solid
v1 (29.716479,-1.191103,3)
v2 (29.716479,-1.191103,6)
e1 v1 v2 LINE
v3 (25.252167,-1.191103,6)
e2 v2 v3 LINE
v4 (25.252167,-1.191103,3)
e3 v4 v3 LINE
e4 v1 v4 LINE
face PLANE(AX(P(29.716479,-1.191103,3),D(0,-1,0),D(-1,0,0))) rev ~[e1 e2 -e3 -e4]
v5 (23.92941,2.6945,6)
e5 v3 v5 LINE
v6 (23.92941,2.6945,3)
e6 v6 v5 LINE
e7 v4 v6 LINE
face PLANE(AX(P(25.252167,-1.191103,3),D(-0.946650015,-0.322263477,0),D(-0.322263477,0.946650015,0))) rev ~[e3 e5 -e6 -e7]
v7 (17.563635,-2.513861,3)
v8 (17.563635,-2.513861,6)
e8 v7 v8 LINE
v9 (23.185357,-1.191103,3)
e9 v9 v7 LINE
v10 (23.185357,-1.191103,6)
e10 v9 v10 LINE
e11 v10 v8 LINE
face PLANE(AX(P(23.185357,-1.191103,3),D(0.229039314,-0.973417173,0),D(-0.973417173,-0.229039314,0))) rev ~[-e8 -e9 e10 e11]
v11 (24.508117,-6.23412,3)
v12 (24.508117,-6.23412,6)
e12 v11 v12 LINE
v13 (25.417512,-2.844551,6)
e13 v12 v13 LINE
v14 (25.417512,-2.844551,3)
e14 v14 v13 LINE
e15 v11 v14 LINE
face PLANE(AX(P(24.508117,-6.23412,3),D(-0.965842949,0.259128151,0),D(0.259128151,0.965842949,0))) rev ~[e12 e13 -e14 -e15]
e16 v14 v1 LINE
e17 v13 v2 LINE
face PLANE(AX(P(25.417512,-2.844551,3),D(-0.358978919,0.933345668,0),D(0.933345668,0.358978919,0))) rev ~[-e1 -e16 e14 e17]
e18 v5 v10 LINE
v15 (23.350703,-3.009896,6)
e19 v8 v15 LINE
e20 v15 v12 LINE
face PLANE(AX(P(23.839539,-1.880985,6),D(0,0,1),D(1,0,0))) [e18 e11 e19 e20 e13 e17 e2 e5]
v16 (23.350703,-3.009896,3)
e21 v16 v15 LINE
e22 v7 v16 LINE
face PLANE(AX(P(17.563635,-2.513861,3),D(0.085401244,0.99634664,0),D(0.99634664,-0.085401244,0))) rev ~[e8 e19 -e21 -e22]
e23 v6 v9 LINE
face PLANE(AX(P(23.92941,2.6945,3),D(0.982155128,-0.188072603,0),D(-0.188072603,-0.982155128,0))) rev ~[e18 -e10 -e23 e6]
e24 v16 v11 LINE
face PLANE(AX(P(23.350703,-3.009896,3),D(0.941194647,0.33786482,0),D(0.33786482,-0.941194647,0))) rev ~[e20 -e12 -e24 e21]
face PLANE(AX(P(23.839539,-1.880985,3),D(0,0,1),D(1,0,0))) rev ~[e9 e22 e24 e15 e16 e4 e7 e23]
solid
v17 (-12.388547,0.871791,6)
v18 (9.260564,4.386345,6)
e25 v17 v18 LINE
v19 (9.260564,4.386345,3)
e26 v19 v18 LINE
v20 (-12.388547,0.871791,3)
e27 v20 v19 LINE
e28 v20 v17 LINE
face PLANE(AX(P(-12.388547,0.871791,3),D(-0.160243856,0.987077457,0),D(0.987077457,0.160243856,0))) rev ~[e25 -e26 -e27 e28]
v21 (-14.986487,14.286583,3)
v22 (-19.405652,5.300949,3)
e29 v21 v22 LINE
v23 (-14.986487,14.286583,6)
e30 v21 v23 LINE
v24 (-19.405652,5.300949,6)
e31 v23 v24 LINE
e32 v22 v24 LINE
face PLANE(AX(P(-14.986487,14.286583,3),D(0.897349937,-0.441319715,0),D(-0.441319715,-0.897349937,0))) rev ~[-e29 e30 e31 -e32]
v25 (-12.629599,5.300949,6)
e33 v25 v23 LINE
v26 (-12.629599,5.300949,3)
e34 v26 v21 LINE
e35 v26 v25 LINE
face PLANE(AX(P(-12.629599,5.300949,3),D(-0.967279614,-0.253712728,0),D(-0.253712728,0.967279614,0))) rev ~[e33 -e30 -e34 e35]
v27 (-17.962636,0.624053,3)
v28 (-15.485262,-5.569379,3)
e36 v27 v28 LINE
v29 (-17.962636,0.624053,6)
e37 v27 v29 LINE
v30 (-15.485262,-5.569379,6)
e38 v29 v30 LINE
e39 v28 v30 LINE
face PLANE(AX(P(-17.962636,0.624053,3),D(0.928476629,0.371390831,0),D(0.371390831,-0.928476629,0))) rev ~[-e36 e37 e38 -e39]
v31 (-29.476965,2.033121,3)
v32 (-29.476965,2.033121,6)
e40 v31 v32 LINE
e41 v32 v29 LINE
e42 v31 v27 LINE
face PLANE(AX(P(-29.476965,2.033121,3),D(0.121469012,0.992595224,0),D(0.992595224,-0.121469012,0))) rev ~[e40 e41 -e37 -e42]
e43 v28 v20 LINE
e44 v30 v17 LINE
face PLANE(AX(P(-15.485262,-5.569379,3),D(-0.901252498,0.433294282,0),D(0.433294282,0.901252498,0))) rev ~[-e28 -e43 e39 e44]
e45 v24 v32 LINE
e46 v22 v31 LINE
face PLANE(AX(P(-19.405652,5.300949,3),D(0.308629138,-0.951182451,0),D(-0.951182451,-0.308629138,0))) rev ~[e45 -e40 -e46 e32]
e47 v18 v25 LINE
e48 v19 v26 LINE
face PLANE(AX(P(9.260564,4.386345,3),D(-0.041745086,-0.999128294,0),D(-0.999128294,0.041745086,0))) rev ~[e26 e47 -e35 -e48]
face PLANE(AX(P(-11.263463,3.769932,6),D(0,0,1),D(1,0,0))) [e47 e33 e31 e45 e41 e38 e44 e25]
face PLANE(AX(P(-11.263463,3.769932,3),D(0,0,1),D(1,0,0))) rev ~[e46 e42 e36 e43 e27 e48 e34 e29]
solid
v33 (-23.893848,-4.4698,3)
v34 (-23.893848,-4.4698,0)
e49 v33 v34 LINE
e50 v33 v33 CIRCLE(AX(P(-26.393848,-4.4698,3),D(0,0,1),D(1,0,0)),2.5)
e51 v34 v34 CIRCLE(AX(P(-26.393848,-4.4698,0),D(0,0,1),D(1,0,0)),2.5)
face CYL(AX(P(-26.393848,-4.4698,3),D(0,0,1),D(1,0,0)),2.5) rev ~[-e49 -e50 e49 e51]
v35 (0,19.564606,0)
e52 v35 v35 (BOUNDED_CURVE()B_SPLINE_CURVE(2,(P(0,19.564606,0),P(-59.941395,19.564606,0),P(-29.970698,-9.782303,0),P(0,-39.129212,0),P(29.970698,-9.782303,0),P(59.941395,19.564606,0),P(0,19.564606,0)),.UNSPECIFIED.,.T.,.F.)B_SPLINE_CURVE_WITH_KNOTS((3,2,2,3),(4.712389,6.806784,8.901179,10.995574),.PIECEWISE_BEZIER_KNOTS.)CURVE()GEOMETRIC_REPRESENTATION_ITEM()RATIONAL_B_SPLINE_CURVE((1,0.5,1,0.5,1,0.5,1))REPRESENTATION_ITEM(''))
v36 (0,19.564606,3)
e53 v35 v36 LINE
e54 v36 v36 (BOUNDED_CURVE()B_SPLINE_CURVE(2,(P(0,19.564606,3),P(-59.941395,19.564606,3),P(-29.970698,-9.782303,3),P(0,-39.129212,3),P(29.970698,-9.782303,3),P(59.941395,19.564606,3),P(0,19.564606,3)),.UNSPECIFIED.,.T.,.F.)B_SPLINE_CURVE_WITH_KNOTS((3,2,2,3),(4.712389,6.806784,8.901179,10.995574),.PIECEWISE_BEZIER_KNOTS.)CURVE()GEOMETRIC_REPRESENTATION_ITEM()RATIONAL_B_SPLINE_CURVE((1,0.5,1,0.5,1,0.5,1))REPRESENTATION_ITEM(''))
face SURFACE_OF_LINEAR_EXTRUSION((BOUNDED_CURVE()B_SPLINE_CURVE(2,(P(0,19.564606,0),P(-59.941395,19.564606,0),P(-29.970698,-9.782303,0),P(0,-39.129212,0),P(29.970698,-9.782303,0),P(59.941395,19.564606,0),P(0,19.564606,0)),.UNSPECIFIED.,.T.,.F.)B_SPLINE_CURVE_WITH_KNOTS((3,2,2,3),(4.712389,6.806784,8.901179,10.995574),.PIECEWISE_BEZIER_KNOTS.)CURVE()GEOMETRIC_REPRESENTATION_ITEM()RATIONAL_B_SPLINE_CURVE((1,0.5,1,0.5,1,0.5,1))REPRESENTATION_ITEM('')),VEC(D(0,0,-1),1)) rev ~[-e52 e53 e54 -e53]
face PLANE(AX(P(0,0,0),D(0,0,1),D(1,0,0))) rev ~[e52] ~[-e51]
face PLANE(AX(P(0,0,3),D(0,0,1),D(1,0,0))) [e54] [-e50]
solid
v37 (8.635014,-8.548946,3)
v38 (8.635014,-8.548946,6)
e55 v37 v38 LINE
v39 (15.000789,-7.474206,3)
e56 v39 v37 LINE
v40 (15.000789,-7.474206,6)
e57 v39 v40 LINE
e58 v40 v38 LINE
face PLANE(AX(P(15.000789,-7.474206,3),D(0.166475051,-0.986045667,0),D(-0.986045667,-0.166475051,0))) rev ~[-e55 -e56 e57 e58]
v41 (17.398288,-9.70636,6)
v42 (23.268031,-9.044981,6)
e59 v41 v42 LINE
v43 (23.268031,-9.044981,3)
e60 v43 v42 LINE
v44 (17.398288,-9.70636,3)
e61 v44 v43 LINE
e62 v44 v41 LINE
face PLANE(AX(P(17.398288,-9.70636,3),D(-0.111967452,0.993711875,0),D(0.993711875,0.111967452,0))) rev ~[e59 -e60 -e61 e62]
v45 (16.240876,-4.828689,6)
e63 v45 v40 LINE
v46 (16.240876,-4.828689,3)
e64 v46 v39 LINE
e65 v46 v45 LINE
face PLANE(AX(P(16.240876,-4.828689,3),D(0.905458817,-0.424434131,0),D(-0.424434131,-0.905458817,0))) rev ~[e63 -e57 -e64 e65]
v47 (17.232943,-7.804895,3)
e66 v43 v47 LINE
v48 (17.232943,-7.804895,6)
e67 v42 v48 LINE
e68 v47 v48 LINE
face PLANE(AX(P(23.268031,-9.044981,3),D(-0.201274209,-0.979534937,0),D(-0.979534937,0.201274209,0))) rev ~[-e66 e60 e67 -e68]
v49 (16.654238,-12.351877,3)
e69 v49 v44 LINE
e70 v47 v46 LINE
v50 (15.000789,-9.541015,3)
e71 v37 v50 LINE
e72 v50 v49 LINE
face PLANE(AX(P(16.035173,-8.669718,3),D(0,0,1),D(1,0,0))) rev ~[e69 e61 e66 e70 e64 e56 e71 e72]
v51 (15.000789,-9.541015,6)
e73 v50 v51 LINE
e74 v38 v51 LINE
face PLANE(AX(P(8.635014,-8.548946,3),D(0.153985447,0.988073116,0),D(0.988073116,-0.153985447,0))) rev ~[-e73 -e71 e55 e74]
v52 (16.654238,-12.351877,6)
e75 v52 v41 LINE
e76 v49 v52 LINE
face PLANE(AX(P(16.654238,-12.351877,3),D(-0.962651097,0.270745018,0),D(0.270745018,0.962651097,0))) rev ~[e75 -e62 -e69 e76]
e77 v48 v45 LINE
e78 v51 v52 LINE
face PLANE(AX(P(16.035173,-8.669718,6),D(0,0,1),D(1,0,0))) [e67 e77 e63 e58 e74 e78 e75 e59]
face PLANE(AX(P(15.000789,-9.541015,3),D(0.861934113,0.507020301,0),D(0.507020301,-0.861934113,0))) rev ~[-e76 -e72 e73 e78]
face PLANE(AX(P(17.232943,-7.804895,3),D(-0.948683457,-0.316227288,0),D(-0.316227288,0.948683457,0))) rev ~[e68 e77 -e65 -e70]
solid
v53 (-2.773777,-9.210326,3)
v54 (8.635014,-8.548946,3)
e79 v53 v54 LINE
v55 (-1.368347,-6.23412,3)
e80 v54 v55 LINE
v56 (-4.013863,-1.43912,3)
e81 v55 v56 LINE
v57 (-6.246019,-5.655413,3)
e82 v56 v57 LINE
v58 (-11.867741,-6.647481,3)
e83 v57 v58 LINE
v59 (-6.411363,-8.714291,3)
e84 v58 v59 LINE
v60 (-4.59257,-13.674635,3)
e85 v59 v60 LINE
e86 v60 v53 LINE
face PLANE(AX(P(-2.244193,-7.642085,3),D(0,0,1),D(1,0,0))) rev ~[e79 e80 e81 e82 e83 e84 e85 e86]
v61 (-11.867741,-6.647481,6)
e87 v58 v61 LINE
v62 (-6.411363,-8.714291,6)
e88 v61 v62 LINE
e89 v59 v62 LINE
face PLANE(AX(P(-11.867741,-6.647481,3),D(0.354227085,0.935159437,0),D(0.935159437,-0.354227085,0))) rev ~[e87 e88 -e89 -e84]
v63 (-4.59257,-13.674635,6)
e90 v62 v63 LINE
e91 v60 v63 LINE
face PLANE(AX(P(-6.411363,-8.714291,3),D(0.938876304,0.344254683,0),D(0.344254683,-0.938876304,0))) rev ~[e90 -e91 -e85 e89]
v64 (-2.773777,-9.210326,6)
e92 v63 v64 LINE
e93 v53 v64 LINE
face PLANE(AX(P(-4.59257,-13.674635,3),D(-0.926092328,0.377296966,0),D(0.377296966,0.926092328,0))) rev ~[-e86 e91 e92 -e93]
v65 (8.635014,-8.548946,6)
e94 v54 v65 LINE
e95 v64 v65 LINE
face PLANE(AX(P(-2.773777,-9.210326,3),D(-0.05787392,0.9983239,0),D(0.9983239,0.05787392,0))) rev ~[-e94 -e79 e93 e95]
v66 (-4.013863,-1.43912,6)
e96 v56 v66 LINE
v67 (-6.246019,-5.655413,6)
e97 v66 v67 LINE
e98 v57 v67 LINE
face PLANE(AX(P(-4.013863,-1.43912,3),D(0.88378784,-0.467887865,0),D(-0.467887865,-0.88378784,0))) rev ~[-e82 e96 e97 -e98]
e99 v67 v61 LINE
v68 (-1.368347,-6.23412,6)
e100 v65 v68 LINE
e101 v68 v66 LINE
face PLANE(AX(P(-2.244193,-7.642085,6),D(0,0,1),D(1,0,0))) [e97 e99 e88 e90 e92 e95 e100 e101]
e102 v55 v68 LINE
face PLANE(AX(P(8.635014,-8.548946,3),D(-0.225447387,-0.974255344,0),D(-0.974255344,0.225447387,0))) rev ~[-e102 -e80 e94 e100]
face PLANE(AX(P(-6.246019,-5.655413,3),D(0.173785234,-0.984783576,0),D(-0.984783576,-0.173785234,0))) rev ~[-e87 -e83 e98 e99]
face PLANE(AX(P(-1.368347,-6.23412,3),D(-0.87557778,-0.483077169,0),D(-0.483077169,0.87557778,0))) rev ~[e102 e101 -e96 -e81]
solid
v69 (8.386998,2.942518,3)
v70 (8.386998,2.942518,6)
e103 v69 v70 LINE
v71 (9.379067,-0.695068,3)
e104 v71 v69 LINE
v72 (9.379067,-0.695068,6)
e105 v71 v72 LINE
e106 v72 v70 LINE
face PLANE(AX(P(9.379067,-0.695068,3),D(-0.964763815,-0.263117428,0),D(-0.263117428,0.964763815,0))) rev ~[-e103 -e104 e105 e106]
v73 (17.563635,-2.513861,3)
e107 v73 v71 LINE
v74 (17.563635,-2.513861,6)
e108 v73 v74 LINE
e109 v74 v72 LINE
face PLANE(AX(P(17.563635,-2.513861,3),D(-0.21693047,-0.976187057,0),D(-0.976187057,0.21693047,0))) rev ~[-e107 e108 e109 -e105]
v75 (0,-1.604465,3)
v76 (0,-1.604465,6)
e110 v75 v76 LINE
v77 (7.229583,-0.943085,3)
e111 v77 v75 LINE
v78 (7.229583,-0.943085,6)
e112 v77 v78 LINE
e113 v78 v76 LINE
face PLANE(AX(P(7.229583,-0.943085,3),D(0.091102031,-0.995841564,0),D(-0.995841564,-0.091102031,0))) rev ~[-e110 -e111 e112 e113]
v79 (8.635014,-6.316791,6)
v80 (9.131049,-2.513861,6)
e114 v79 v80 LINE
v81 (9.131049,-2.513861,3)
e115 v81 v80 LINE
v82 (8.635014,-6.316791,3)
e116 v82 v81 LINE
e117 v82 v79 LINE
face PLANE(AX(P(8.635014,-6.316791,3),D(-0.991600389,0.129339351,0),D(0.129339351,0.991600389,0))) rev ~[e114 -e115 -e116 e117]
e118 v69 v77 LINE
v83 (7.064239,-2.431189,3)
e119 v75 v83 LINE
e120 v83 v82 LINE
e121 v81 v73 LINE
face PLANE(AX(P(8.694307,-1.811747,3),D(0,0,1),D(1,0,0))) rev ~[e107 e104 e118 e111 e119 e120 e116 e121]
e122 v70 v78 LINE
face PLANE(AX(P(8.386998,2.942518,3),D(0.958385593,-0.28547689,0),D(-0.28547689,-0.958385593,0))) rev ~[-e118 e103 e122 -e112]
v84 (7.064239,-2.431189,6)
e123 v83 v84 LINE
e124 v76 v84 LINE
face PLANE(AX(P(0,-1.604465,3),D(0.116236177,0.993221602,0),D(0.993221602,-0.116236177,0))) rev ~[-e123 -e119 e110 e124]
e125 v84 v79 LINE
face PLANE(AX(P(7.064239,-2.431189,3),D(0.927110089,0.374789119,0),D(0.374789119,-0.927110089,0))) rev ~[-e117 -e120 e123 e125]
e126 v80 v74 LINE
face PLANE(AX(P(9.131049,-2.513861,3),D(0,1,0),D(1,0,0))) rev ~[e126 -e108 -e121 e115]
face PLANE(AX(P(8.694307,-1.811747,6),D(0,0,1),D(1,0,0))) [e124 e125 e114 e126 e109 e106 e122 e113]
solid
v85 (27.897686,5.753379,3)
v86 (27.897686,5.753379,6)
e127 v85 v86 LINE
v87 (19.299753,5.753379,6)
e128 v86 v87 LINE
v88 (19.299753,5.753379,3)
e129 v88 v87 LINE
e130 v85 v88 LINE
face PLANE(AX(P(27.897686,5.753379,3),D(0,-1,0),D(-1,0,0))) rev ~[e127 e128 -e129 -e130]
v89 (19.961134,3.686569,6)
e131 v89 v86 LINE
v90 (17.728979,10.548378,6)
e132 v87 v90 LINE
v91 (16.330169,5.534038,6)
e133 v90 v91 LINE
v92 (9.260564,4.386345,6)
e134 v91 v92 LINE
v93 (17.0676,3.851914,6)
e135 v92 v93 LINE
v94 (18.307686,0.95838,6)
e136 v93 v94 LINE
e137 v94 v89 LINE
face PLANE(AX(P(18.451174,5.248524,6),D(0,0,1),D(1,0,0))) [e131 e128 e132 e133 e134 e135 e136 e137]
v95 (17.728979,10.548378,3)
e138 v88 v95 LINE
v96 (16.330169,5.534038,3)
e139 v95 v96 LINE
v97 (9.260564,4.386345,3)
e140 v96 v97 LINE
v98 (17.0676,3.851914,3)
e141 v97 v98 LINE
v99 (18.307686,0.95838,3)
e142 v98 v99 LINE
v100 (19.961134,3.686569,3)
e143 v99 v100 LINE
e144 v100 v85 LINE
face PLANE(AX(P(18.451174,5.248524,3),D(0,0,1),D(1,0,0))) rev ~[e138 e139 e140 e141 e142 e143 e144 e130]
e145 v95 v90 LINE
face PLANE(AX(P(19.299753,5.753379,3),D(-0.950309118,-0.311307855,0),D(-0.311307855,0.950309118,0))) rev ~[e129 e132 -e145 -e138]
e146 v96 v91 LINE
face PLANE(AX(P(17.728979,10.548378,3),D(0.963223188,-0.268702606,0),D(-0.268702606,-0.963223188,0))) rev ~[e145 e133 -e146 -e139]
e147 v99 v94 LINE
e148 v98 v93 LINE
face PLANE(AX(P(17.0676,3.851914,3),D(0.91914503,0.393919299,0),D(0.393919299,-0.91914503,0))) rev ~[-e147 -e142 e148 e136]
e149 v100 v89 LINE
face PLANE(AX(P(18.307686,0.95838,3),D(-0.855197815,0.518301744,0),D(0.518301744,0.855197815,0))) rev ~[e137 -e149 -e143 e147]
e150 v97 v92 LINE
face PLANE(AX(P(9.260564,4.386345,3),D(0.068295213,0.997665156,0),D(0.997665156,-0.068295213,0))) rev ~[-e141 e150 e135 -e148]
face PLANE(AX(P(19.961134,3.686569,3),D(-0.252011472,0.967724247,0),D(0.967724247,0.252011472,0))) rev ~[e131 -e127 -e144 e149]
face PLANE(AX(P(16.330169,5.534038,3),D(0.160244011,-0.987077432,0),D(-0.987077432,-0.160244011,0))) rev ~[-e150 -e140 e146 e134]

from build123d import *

# Parameters (mm, degrees)
F1_DEPTH = 3
F3_DEPTH = 3
F4_R     = 2.5
F5_DEPTH = 3.001


with BuildPart() as f1:
    # F0 (on Top) → F1 (new body)
    with BuildSketch(Plane.XY):
        with BuildLine():
            add(Edge.make_bspline(
                [(0, 19.564606), (-59.941395, 19.564606), (-29.970698, -9.782303), (0, -39.129212), (29.970698, -9.782303), (59.941395, 19.564606), (0, 19.564606)],
                knots=[4.712389, 4.712389, 4.712389, 6.806784, 6.806784, 8.901179, 8.901179, 10.995574, 10.995574, 10.995574], degree=2, weights=[1, 0.5, 1, 0.5, 1, 0.5, 1]))
        make_face()
    extrude(amount=F1_DEPTH)

    # F4 (on face) → F5 (cut, through all)
    with BuildSketch(Plane.XY.offset(3)):
        with Locations((-26.393848, -4.4698)):
            Circle(F4_R)
    extrude(amount=-F5_DEPTH, mode=Mode.SUBTRACT)


with BuildPart() as f3:
    # F2 (on face) → F3 (new body)
    with BuildSketch(Plane.XY.offset(3)):
        Polygon((16.330169, 5.534038), (9.260564, 4.386345), (17.0676, 3.851914), (18.307686, 0.95838), (19.961134, 3.686569), (27.897686, 5.753379), (19.299753, 5.753379), (17.728979, 10.548378), align=None)
        Polygon((-14.986487, 14.286583), (-19.405652, 5.300949), (-29.476965, 2.033121), (-17.962636, 0.624053), (-15.485262, -5.569379), (-12.388547, 0.871791), (9.260564, 4.386345), (-12.629599, 5.300949), align=None)
        Polygon((9.379067, -0.695068), (8.386998, 2.942518), (7.229583, -0.943085), (0, -1.604465), (7.064239, -2.431189), (8.635014, -6.316791), (9.131049, -2.513861), (17.563635, -2.513861), align=None)
        Polygon((23.185357, -1.191103), (17.563635, -2.513861), (23.350703, -3.009896), (24.508117, -6.23412), (25.417512, -2.844551), (29.716479, -1.191103), (25.252167, -1.191103), (23.92941, 2.6945), align=None)
        Polygon((17.232943, -7.804895), (16.240876, -4.828689), (15.000789, -7.474206), (8.635014, -8.548946), (15.000789, -9.541015), (16.654238, -12.351877), (17.398288, -9.70636), (23.268031, -9.044981), align=None)
        Polygon((-2.773777, -9.210326), (8.635014, -8.548946), (-1.368347, -6.23412), (-4.013863, -1.43912), (-6.246019, -5.655413), (-11.867741, -6.647481), (-6.411363, -8.714291), (-4.59257, -13.674635), align=None)
    extrude(amount=F3_DEPTH)


solid = Compound([f1.part, f3.part])
